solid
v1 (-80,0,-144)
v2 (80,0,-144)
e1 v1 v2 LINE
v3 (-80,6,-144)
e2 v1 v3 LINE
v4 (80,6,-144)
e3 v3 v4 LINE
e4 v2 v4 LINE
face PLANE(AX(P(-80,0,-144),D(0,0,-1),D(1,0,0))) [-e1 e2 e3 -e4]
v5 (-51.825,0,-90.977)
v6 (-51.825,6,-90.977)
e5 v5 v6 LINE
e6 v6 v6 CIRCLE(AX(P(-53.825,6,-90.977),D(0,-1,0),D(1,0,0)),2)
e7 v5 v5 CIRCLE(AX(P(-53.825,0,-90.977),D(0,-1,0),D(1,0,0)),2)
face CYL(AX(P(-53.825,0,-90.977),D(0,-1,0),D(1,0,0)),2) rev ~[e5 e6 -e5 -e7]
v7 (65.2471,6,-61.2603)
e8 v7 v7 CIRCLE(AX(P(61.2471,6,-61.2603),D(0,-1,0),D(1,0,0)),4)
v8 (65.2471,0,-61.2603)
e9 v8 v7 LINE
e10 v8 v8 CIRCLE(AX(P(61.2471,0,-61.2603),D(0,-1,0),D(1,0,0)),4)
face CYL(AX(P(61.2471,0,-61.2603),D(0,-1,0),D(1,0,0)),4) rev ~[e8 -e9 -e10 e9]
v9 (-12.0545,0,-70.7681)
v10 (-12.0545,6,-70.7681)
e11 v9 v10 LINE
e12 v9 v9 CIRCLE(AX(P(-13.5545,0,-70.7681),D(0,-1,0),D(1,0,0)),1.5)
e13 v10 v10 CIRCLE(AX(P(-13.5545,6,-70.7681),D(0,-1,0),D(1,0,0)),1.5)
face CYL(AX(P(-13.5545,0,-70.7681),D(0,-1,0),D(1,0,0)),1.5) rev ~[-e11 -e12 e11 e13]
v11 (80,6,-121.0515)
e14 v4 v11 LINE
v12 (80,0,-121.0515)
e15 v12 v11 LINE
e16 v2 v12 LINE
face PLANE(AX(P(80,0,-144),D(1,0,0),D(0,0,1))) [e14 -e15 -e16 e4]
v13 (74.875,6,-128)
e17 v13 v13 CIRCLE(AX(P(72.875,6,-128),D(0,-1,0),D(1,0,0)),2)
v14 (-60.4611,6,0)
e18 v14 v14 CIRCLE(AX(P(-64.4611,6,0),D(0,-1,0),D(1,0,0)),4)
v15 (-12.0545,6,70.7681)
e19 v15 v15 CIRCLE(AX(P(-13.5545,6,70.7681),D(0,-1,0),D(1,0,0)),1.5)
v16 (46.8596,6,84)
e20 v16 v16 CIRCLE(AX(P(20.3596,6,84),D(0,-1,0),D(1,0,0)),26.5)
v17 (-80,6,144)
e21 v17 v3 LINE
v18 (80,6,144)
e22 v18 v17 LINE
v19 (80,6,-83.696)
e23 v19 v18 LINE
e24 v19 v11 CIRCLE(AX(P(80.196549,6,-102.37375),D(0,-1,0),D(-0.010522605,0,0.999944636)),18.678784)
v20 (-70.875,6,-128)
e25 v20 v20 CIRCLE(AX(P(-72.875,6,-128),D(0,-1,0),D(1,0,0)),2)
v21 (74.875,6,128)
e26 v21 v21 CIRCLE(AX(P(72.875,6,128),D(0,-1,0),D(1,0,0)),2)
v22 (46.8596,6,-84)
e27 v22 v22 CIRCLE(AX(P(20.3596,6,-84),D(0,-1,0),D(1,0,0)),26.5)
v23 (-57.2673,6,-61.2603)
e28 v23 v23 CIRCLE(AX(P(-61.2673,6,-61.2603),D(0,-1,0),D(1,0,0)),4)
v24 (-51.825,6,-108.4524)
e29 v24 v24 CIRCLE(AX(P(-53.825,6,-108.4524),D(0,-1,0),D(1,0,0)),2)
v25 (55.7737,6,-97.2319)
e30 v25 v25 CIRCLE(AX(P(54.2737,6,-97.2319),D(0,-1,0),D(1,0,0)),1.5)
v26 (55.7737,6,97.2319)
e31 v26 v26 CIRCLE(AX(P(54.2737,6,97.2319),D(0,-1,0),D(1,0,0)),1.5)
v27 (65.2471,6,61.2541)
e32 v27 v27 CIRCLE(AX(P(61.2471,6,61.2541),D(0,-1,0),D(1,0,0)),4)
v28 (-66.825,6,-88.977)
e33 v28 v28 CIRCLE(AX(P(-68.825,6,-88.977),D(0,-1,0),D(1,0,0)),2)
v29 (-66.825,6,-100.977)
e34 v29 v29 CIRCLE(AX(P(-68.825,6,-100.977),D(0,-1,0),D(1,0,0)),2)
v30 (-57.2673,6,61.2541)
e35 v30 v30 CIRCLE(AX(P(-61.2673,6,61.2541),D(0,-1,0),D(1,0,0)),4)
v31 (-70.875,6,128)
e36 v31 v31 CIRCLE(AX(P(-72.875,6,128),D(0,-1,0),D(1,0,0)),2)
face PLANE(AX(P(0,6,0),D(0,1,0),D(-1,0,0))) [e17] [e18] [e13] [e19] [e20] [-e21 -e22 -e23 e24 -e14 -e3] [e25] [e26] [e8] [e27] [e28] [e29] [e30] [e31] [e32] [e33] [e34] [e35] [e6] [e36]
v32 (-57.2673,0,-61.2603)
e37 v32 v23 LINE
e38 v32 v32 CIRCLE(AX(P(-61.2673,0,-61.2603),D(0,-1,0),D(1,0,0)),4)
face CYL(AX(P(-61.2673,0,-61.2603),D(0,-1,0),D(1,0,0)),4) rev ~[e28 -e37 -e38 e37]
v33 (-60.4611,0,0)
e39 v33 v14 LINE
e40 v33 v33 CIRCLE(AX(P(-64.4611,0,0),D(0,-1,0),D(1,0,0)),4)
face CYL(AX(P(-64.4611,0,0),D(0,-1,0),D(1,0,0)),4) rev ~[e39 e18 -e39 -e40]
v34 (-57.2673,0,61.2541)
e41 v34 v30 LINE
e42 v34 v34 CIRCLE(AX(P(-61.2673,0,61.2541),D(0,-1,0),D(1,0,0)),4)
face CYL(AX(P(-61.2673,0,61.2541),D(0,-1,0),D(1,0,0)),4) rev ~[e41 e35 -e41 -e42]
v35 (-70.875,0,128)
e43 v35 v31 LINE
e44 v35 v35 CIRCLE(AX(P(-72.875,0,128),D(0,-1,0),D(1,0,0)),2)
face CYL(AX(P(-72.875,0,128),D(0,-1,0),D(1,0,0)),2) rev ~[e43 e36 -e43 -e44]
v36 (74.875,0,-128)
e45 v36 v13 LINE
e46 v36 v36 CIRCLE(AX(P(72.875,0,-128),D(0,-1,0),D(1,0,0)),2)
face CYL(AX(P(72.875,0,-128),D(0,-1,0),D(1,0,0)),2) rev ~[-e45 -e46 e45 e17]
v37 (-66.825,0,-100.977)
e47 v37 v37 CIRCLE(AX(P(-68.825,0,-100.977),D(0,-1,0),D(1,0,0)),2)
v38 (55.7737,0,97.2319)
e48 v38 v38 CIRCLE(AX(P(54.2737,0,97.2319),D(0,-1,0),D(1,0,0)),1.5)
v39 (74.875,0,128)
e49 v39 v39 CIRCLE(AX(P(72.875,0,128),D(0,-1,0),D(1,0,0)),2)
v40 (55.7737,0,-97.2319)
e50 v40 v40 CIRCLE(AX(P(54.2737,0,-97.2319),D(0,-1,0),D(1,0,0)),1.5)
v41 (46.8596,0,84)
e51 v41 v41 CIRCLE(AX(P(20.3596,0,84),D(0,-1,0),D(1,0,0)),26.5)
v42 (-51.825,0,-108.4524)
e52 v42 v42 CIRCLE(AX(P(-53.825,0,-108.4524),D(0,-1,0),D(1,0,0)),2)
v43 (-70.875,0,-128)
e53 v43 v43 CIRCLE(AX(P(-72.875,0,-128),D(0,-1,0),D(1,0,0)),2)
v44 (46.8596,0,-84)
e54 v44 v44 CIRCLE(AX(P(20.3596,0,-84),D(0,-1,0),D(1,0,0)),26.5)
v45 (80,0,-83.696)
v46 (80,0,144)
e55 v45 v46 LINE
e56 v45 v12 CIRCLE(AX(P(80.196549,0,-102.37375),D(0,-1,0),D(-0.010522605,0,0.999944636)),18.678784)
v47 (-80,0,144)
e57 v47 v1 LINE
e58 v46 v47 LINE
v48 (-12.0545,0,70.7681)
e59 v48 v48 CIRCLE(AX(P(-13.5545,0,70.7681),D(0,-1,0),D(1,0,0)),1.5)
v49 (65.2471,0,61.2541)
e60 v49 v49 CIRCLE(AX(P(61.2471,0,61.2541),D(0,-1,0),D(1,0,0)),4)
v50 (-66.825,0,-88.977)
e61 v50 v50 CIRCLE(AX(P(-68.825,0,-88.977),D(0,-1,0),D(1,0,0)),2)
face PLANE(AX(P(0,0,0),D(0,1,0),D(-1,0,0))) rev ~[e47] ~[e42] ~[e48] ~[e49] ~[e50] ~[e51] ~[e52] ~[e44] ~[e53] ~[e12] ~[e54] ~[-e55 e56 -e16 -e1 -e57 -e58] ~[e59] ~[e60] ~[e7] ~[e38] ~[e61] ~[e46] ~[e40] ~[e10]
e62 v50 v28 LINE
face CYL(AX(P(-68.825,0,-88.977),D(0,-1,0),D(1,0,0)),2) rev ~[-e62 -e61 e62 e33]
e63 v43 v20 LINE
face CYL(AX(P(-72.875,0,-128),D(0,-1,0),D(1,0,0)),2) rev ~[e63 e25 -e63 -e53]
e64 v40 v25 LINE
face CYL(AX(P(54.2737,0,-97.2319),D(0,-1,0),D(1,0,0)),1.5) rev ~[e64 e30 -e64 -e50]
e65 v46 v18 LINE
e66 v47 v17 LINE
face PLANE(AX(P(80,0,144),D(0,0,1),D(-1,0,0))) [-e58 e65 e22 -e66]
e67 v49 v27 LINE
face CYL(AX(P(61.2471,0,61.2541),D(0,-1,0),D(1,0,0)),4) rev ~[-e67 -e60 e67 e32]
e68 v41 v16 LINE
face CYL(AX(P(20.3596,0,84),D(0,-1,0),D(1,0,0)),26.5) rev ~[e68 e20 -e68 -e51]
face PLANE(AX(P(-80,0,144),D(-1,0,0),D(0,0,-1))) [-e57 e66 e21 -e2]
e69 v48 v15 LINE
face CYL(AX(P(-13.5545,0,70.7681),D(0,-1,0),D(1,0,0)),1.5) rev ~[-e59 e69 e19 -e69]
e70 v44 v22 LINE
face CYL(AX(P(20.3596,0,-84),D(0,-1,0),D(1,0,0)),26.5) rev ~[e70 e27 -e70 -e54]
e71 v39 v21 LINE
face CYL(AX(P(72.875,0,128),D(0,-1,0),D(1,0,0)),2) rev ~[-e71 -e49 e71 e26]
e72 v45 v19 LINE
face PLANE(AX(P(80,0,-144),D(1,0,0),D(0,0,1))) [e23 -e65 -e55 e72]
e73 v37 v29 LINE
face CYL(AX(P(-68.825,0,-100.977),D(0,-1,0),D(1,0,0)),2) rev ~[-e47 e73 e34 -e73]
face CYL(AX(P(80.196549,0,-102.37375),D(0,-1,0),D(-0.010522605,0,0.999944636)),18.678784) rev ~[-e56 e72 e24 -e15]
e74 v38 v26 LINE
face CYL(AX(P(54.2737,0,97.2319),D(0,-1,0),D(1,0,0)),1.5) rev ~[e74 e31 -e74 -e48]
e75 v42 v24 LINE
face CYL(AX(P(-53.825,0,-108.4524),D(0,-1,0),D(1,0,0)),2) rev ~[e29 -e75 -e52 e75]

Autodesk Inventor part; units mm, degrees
ref_plane "YZ Plane" through (0, 0, 0) normal (1, 0, 0) x (0, 1, 0)
ref_plane "XZ Plane" through (0, 0, 0) normal (0, 1, 0) x (-1, 0, 0)
ref_plane "XY Plane" through (0, 0, 0) normal (0, 0, 1) x (1, 0, 0)
sketch "Эскиз1" plane through (0, 0, 0) normal (0, 1, 0) x (-1, 0, 0)
  line L0 (-80, 144) -> (80, 144)
  line L1 (80, 144) -> (80, -144)
  line L2 (80, -144) -> (-80, -144)
  line L3 (-80, -144) -> (-80, 144)
  line L4 (-80, 144) -> (80, -144) construction
  line L5 (80, 144) -> (-80, -144) construction
  point P0 (0, 0)
  dimension "d0" = 160
  dimension "d1" = 288
extrude "Выдавливание1" add sketch "Эскиз1" along normal blind 6
sketch "Эскиз4" plane through (0, 6, 0) normal (0, 1, 0) x (1, 0, 0)
  circle A0 centre (63.6396, 63.6396) radius 4
  line L0 (0, 0) -> (31.2937, 0) construction
  line L1 (63.6396, 63.6396) -> (0, 0) construction
  dimension "d8" = 8
  dimension "d9" = 90
  dimension "d10" = 45
extrude "Выдавливание4" [suppressed]
pattern_circular "Круговой массив1" [suppressed]
sketch "Эскиз6" plane through (0, 0, 0) normal (0, -1, 0) x (1, 0, 0)
  circle A0 centre (-61.2673, 61.2541) radius 4 projected
  circle A1 centre (-61.2673, -61.2603) radius 4 projected
  circle A2 centre (61.2471, -61.2603) radius 4 projected
  circle A3 centre (61.2471, 61.2541) radius 4 projected
  circle A4 centre (20.3596, -84) radius 26.5 projected
  circle A5 centre (20.3596, 84) radius 26.5 projected
  point P0 (0, 0)
extrude "Выдавливание5" cut sketch "Эскиз6" against normal blind 10
sketch "Эскиз7" plane through (0, 0, 0) normal (0, -1, 0) x (1, 0, 0)
  circle A0 centre (-13.5545, -70.7681) radius 1.5 projected
  circle A1 centre (54.2737, -97.2319) radius 1.5 projected
  circle A2 centre (54.2737, 97.2319) radius 1.5 projected
  circle A3 centre (-13.5545, 70.7681) radius 1.5 projected
  point P0 (0, 0)
extrude "Выдавливание6" cut sketch "Эскиз7" against normal blind 10
sketch "Эскиз8" plane through (0, 0, 0) normal (0, -1, 0) x (1, 0, 0)
  circle A0 centre (-68.825, -100.977) radius 2 projected
  circle A1 centre (-68.825, -88.977) radius 2 projected
  circle A2 centre (-53.825, -90.977) radius 2 projected
  circle A3 centre (-53.825, -108.4524) radius 2 projected
  point P0 (0, 0)
extrude "Выдавливание7" cut sketch "Эскиз8" against normal blind 10
sketch "Эскиз9" plane through (0, 0, 0) normal (0, -1, 0) x (1, 0, 0)
  circle A0 centre (72.875, -128) radius 2 projected
  circle A1 centre (-72.875, -128) radius 2 projected
  circle A2 centre (-72.875, 128) radius 2 projected
  circle A3 centre (72.875, 128) radius 2 projected
  point P0 (0, 0)
sketch "Эскиз10" plane through (0, 0, 0) normal (0, -1, 0) x (1, 0, 0)
  arc A0 (80, -83.696) -> (80, -121.0515) centre (80.1966, -102.3738) ccw
  line L0 (80, 144) -> (80, -144) projected
  point P0 (0, 0)
extrude "Выдавливание8" cut sketch "Эскиз10" against normal blind 10
sketch "Эскиз11" plane through (0, 0, 0) normal (0, -1, 0) x (1, 0, 0)
  circle A0 centre (-64.4611, 0) radius 4
  line L0 (-80, -144) -> (-80, 144) projected
  point P0 (0, 0)
  point P1 (-80, 0)
  dimension "d24" = 8
extrude "Выдавливание9" cut sketch "Эскиз11" against normal through all
extrude "Выдавливание10" cut sketch "Эскиз9" against normal through all
properties part number "000.001.006 - Площадка под манипулятор"
